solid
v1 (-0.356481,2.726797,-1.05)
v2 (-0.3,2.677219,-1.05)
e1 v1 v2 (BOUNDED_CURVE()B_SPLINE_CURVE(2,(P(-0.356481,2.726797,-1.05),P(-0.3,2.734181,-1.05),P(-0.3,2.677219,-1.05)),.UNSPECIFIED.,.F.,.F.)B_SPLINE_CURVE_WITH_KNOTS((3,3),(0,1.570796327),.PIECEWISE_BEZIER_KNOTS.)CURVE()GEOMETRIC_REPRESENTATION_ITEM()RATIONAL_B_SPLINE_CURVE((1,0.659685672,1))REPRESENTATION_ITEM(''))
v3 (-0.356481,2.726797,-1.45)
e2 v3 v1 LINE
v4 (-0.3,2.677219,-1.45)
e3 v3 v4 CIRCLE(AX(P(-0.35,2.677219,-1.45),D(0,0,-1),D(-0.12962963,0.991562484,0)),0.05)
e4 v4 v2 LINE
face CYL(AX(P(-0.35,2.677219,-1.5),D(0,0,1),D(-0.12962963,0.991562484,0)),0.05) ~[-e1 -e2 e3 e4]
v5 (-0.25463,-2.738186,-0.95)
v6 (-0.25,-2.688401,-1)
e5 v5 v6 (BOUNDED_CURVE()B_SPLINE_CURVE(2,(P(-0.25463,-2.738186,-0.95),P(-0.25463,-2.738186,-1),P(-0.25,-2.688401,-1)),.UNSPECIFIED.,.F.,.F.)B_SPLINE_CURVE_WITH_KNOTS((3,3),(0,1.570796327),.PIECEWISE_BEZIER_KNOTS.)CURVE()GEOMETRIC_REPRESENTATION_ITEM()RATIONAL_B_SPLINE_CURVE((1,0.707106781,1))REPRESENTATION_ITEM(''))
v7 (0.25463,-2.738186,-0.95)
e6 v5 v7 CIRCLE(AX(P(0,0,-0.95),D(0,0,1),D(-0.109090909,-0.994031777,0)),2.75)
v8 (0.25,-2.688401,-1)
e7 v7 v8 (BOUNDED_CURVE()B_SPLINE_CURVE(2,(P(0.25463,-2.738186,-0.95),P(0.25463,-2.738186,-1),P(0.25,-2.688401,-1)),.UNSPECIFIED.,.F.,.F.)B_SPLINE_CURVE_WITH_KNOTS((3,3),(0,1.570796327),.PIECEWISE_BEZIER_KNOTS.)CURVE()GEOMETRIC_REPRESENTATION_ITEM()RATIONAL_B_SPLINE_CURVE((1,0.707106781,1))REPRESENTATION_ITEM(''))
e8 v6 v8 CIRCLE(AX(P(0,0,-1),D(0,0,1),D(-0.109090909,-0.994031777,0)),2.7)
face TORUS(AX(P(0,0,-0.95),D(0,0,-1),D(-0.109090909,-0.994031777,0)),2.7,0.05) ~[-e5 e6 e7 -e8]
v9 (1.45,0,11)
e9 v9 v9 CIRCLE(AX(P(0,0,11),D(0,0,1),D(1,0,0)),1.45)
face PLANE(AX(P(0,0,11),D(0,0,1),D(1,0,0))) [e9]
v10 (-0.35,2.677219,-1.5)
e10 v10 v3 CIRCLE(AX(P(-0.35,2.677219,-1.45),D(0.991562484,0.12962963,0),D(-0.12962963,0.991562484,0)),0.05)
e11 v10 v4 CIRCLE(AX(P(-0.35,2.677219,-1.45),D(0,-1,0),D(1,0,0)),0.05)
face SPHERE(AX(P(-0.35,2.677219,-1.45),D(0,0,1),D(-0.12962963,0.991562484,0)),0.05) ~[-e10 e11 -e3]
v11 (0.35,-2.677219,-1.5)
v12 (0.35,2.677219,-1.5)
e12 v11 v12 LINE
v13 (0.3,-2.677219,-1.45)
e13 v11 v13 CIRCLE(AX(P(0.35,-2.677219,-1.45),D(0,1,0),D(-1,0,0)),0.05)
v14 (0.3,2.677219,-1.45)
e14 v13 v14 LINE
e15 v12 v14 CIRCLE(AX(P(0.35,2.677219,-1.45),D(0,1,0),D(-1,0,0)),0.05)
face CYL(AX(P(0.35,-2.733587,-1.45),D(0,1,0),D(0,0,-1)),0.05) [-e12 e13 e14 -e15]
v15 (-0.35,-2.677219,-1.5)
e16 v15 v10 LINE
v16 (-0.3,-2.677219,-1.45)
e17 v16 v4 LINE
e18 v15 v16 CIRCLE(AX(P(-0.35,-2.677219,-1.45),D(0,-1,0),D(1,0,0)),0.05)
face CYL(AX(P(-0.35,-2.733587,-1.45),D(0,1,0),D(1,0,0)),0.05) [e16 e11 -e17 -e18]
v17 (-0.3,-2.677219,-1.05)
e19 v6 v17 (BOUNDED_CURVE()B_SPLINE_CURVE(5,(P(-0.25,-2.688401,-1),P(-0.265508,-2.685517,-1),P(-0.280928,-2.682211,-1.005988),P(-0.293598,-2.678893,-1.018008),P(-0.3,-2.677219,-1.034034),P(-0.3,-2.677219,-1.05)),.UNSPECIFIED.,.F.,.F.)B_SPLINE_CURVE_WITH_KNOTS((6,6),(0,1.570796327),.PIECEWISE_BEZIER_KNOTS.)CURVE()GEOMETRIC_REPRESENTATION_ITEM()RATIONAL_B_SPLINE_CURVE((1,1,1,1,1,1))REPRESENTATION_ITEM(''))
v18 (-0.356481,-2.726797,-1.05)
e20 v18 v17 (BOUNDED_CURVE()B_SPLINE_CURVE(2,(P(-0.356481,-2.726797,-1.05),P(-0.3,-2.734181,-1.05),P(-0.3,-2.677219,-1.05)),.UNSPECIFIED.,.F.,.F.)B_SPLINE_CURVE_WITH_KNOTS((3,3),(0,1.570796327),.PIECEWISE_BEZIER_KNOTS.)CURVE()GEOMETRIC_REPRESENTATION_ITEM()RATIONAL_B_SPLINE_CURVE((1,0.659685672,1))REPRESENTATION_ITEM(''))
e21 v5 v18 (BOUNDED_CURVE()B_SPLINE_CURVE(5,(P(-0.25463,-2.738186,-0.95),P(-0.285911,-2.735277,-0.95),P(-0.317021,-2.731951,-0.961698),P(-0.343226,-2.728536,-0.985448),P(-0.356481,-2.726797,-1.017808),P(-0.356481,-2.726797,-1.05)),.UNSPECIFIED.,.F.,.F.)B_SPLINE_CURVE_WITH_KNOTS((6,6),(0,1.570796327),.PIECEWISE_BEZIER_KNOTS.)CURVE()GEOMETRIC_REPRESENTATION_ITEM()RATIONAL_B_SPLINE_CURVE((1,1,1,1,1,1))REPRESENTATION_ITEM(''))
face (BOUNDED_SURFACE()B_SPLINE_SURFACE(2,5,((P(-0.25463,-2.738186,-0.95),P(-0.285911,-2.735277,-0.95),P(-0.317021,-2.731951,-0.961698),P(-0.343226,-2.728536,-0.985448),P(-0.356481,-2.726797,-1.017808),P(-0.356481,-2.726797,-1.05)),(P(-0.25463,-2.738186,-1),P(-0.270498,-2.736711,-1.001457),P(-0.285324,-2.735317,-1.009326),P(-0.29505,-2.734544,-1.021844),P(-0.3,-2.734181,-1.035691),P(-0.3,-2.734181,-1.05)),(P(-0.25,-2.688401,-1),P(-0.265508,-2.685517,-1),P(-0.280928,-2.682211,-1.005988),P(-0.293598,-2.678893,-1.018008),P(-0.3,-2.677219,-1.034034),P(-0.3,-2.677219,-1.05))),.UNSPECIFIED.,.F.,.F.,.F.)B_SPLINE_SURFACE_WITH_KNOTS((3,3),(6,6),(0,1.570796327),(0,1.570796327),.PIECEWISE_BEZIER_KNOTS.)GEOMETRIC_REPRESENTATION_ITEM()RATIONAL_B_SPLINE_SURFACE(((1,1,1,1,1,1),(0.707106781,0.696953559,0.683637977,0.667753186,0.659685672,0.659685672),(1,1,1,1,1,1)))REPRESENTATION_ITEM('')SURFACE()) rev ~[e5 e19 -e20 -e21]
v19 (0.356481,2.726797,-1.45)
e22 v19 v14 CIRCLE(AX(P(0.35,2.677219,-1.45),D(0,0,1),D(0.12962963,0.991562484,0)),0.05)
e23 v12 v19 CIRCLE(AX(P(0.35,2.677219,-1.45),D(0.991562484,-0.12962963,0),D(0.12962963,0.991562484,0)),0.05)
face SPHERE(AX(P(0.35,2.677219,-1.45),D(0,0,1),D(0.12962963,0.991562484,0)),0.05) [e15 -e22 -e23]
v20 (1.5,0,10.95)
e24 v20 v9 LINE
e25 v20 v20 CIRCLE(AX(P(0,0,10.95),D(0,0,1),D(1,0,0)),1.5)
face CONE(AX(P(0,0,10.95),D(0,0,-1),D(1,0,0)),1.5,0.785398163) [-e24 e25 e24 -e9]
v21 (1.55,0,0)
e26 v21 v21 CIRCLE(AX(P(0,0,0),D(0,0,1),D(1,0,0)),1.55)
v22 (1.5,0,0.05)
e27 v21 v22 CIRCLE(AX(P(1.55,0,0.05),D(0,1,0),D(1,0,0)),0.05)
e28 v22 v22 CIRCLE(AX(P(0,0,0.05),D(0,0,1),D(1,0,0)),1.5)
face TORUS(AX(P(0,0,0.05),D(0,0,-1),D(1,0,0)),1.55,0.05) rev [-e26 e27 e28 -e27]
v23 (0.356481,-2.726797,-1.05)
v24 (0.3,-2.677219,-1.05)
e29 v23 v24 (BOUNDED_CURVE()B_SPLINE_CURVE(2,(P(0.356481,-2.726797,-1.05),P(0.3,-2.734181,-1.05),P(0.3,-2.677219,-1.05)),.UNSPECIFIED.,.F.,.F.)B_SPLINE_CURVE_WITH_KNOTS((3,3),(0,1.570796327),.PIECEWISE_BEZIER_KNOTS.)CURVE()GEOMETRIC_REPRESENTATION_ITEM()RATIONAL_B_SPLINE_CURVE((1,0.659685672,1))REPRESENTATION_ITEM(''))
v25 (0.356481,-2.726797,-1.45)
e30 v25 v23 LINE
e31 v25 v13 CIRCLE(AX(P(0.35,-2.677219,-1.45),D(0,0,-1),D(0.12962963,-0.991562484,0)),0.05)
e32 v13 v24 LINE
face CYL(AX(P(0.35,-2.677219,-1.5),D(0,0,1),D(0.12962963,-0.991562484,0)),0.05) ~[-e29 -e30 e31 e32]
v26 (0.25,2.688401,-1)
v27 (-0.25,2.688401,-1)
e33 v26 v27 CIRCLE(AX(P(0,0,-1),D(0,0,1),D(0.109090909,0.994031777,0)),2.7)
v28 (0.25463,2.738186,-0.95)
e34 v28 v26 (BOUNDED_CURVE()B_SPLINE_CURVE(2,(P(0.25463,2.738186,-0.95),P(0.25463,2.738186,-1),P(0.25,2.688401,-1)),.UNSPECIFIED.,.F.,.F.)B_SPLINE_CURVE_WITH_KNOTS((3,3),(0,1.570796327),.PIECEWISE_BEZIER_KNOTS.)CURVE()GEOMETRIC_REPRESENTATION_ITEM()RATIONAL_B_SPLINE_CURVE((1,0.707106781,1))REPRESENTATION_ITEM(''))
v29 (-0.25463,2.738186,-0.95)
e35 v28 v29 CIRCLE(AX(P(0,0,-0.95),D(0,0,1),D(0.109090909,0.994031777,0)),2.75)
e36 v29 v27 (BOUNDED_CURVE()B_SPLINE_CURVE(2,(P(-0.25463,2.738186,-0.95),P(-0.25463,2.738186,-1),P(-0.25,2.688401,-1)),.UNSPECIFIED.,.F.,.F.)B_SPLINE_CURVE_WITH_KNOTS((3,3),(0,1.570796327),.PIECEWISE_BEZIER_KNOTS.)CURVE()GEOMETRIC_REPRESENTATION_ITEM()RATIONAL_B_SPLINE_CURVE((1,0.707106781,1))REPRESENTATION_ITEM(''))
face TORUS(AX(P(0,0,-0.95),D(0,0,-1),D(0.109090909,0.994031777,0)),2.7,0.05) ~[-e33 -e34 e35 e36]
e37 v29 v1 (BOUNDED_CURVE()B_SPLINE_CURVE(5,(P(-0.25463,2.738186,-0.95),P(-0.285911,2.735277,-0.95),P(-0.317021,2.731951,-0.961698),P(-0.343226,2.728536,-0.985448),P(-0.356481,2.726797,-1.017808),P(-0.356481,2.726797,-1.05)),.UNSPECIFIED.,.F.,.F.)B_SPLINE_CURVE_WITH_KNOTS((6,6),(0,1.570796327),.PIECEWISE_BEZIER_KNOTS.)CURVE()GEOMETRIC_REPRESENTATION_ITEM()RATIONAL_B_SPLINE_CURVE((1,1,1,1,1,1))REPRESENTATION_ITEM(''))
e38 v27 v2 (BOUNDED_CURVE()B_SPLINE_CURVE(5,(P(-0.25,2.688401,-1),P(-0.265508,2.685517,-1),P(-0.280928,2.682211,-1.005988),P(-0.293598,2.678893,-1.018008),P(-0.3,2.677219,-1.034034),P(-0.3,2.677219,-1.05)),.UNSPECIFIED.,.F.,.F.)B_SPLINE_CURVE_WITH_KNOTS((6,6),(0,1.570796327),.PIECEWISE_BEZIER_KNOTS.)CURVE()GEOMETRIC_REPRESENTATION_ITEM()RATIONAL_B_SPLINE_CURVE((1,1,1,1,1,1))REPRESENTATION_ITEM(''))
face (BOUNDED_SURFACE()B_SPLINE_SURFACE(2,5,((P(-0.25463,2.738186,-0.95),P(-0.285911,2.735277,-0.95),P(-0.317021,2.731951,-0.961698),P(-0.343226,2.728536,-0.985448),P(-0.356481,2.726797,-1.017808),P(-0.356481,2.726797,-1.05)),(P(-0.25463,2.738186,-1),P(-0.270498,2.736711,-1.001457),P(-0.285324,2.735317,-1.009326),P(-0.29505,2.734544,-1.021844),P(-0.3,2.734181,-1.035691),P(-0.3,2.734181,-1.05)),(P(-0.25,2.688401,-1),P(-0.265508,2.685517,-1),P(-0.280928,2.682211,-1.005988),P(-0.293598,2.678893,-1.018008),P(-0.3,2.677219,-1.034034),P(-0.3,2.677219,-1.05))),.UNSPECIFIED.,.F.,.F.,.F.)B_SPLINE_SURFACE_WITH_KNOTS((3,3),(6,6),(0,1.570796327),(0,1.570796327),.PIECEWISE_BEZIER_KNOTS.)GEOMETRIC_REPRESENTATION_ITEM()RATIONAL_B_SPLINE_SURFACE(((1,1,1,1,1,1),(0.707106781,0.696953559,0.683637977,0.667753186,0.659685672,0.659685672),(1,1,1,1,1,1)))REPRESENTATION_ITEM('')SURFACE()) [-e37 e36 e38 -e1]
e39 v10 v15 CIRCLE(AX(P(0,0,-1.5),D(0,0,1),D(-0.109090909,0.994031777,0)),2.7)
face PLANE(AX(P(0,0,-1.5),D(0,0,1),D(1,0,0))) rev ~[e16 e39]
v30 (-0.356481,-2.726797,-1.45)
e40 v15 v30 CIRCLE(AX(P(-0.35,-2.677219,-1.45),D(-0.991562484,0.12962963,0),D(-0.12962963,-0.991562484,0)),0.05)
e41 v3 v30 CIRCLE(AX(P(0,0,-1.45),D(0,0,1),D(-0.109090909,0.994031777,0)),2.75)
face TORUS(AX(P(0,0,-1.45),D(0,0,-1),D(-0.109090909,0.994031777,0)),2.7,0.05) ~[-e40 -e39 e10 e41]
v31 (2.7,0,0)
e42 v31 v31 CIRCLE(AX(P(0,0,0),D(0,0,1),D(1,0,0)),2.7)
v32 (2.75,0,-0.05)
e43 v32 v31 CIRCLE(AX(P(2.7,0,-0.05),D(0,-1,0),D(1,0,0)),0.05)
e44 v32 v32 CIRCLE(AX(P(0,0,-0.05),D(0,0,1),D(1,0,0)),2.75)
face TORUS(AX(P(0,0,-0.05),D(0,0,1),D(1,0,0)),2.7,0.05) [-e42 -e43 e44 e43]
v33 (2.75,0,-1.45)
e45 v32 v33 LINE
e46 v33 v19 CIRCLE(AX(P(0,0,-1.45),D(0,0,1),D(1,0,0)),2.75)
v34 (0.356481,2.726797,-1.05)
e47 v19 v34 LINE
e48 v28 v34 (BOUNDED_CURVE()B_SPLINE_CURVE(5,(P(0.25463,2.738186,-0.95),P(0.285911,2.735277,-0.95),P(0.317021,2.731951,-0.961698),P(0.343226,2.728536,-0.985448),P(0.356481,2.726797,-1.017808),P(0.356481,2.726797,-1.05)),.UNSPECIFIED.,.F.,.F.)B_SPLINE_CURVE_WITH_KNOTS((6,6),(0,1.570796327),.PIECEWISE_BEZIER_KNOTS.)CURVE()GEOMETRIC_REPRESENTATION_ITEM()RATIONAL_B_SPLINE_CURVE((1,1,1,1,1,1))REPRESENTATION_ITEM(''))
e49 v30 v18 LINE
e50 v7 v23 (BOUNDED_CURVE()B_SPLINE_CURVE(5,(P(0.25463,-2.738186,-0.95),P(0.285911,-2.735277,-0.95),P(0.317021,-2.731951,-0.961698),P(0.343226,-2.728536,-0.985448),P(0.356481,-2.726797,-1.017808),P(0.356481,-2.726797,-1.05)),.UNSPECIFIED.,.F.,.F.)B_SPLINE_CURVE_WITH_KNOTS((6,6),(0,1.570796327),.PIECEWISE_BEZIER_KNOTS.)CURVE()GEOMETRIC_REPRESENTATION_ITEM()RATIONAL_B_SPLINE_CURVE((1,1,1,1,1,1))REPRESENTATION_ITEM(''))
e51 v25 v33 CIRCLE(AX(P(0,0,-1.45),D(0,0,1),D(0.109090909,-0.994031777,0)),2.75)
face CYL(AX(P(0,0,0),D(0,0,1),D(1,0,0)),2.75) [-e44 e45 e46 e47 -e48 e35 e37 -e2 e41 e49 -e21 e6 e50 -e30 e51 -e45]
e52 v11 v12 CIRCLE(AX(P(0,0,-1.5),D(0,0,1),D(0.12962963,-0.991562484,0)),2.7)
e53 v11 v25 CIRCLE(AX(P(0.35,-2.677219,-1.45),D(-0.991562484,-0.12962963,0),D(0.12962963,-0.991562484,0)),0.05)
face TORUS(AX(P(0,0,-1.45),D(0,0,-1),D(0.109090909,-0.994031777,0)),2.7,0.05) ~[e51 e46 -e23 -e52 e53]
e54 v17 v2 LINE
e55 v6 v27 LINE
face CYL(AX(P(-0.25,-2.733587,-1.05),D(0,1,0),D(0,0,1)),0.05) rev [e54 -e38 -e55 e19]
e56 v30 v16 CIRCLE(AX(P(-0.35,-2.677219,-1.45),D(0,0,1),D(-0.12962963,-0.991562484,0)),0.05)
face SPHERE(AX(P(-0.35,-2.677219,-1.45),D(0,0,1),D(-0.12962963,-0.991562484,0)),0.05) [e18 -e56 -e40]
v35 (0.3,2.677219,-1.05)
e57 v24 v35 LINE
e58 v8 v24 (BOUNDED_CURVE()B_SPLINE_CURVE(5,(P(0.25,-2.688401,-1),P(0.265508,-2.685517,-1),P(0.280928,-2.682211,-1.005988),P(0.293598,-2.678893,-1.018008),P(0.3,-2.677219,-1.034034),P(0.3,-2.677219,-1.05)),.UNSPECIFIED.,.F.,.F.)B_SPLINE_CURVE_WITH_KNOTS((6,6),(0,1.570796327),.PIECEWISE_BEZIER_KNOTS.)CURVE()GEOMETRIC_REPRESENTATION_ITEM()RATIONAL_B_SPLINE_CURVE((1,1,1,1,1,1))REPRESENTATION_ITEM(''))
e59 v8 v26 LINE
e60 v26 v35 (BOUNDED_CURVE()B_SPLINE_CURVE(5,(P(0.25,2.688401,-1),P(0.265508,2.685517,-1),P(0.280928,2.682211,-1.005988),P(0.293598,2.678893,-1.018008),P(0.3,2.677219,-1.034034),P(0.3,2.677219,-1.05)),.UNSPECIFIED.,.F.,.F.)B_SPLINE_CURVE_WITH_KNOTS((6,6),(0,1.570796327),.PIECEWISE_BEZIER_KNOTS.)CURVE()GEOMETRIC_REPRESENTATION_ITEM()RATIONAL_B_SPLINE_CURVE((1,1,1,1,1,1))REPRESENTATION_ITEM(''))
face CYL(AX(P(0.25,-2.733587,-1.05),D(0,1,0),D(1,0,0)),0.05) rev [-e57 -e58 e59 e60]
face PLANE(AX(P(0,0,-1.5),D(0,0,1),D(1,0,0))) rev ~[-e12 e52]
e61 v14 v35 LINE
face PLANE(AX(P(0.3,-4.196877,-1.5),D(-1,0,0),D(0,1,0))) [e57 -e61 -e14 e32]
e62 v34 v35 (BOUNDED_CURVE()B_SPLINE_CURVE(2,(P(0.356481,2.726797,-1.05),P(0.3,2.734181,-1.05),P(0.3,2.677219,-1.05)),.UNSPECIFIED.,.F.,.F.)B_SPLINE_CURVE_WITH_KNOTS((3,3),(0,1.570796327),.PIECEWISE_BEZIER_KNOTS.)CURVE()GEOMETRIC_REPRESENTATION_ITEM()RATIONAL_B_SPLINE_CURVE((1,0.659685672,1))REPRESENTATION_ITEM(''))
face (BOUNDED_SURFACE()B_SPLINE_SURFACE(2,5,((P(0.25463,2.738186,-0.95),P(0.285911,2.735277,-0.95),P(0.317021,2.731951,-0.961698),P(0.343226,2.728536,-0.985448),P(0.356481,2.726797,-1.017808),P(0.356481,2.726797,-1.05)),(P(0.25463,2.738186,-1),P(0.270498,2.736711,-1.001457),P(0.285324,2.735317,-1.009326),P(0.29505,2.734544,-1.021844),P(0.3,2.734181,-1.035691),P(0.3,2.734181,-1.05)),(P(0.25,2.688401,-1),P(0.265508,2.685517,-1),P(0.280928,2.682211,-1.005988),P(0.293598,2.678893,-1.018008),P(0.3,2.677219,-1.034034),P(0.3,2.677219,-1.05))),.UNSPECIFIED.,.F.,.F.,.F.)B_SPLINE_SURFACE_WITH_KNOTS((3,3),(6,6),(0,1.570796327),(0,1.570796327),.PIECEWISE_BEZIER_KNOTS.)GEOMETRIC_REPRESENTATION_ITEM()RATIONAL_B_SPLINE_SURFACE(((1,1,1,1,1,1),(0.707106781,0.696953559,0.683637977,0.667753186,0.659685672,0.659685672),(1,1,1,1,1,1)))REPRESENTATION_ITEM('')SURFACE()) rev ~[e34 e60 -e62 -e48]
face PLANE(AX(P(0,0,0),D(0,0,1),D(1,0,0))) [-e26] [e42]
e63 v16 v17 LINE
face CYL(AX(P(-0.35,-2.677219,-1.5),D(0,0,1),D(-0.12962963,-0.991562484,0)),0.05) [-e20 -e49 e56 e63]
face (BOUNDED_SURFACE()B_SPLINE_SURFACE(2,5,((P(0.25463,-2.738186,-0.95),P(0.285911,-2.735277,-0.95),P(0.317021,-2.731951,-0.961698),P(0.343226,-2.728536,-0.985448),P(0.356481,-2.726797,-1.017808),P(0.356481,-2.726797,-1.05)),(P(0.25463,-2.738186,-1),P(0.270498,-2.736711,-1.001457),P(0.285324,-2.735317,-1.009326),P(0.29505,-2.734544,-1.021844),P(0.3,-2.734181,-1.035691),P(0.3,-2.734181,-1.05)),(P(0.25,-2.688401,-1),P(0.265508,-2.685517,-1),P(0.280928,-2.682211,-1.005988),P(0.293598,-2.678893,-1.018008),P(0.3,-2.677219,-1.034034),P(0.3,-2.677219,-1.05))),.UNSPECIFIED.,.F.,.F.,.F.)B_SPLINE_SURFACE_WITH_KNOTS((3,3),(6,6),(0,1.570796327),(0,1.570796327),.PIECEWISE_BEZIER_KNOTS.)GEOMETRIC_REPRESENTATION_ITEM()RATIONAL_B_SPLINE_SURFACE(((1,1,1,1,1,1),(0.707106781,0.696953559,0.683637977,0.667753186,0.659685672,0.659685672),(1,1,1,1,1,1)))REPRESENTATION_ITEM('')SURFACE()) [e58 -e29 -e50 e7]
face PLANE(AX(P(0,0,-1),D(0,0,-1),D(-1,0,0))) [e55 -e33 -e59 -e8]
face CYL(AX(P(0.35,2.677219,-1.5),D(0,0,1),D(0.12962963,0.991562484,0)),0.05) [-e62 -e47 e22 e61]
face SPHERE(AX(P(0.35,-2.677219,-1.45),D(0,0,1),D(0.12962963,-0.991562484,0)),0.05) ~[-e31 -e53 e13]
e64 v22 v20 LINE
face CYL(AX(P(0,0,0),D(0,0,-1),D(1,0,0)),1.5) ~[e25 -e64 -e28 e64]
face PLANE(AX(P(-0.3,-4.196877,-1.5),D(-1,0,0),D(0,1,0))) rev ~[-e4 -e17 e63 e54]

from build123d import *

# Parameters (mm, degrees)
SKETCH1_R           = 1.5
BOSS_EXTRUDE1_DEPTH = 11
SKETCH2_R           = 2.75
BOSS_EXTRUDE2_DEPTH = 1.5
SKETCH3_W           = 0.6
SKETCH3_H           = 8.393754192
CUT_EXTRUDE1_DEPTH  = 0.5
FILLET1_R           = 0.05
FILLET2_R           = 0.05
CHAMFER1_SIZE       = 0.05


with BuildPart() as part:
    # Sketch1 → Boss-Extrude1 (new body)
    with BuildSketch(Plane.XY):
        Circle(SKETCH1_R)
    extrude(amount=BOSS_EXTRUDE1_DEPTH)

    # Sketch2 → Boss-Extrude2 (add)
    with BuildSketch(Plane.XY):
        Circle(SKETCH2_R)
    extrude(amount=-BOSS_EXTRUDE2_DEPTH)

    # Sketch3 → Cut-Extrude1 (cut)
    with BuildSketch(Plane(origin=(0, 0, -1.5), x_dir=(-1, 0, 0), z_dir=(0, 0, -1))):
        Rectangle(SKETCH3_W, SKETCH3_H)
    extrude(amount=-CUT_EXTRUDE1_DEPTH, mode=Mode.SUBTRACT)

    # Fillet1
    fillet1_edges = [part.edges().sort_by_distance(p)[0] for p in [
        (-2.75, 0, -1.5),
        (2.047864742, -1.835415484, -1.5),
        (0.3, 0, -1.5),
        (-0.3, 0, -1.5),
        (0, 2.75, -1),
        (0, -2.75, -1),
        (-0.3, -2.733587387, -1.25),
        (-0.3, 2.733587387, -1.25),
        (0.3, 2.733587387, -1.25),
        (0.3, -2.733587387, -1.25),
        (-0.3, 0, -1),
        (0.3, 0, -1),
        (-1.5, 0, 0),
    ]]
    fillet(fillet1_edges, radius=FILLET1_R)

    # Fillet2
    fillet2_edges = [part.edges().sort_by_distance(p)[0] for p in [
        (-2.75, 0, 0),
    ]]
    fillet(fillet2_edges, radius=FILLET2_R)

    # Chamfer1
    chamfer1_edges = [part.edges().sort_by_distance(p)[0] for p in [
        (-1.5, 0, 11),
    ]]
    chamfer(chamfer1_edges, length=CHAMFER1_SIZE)


solid = part.part
